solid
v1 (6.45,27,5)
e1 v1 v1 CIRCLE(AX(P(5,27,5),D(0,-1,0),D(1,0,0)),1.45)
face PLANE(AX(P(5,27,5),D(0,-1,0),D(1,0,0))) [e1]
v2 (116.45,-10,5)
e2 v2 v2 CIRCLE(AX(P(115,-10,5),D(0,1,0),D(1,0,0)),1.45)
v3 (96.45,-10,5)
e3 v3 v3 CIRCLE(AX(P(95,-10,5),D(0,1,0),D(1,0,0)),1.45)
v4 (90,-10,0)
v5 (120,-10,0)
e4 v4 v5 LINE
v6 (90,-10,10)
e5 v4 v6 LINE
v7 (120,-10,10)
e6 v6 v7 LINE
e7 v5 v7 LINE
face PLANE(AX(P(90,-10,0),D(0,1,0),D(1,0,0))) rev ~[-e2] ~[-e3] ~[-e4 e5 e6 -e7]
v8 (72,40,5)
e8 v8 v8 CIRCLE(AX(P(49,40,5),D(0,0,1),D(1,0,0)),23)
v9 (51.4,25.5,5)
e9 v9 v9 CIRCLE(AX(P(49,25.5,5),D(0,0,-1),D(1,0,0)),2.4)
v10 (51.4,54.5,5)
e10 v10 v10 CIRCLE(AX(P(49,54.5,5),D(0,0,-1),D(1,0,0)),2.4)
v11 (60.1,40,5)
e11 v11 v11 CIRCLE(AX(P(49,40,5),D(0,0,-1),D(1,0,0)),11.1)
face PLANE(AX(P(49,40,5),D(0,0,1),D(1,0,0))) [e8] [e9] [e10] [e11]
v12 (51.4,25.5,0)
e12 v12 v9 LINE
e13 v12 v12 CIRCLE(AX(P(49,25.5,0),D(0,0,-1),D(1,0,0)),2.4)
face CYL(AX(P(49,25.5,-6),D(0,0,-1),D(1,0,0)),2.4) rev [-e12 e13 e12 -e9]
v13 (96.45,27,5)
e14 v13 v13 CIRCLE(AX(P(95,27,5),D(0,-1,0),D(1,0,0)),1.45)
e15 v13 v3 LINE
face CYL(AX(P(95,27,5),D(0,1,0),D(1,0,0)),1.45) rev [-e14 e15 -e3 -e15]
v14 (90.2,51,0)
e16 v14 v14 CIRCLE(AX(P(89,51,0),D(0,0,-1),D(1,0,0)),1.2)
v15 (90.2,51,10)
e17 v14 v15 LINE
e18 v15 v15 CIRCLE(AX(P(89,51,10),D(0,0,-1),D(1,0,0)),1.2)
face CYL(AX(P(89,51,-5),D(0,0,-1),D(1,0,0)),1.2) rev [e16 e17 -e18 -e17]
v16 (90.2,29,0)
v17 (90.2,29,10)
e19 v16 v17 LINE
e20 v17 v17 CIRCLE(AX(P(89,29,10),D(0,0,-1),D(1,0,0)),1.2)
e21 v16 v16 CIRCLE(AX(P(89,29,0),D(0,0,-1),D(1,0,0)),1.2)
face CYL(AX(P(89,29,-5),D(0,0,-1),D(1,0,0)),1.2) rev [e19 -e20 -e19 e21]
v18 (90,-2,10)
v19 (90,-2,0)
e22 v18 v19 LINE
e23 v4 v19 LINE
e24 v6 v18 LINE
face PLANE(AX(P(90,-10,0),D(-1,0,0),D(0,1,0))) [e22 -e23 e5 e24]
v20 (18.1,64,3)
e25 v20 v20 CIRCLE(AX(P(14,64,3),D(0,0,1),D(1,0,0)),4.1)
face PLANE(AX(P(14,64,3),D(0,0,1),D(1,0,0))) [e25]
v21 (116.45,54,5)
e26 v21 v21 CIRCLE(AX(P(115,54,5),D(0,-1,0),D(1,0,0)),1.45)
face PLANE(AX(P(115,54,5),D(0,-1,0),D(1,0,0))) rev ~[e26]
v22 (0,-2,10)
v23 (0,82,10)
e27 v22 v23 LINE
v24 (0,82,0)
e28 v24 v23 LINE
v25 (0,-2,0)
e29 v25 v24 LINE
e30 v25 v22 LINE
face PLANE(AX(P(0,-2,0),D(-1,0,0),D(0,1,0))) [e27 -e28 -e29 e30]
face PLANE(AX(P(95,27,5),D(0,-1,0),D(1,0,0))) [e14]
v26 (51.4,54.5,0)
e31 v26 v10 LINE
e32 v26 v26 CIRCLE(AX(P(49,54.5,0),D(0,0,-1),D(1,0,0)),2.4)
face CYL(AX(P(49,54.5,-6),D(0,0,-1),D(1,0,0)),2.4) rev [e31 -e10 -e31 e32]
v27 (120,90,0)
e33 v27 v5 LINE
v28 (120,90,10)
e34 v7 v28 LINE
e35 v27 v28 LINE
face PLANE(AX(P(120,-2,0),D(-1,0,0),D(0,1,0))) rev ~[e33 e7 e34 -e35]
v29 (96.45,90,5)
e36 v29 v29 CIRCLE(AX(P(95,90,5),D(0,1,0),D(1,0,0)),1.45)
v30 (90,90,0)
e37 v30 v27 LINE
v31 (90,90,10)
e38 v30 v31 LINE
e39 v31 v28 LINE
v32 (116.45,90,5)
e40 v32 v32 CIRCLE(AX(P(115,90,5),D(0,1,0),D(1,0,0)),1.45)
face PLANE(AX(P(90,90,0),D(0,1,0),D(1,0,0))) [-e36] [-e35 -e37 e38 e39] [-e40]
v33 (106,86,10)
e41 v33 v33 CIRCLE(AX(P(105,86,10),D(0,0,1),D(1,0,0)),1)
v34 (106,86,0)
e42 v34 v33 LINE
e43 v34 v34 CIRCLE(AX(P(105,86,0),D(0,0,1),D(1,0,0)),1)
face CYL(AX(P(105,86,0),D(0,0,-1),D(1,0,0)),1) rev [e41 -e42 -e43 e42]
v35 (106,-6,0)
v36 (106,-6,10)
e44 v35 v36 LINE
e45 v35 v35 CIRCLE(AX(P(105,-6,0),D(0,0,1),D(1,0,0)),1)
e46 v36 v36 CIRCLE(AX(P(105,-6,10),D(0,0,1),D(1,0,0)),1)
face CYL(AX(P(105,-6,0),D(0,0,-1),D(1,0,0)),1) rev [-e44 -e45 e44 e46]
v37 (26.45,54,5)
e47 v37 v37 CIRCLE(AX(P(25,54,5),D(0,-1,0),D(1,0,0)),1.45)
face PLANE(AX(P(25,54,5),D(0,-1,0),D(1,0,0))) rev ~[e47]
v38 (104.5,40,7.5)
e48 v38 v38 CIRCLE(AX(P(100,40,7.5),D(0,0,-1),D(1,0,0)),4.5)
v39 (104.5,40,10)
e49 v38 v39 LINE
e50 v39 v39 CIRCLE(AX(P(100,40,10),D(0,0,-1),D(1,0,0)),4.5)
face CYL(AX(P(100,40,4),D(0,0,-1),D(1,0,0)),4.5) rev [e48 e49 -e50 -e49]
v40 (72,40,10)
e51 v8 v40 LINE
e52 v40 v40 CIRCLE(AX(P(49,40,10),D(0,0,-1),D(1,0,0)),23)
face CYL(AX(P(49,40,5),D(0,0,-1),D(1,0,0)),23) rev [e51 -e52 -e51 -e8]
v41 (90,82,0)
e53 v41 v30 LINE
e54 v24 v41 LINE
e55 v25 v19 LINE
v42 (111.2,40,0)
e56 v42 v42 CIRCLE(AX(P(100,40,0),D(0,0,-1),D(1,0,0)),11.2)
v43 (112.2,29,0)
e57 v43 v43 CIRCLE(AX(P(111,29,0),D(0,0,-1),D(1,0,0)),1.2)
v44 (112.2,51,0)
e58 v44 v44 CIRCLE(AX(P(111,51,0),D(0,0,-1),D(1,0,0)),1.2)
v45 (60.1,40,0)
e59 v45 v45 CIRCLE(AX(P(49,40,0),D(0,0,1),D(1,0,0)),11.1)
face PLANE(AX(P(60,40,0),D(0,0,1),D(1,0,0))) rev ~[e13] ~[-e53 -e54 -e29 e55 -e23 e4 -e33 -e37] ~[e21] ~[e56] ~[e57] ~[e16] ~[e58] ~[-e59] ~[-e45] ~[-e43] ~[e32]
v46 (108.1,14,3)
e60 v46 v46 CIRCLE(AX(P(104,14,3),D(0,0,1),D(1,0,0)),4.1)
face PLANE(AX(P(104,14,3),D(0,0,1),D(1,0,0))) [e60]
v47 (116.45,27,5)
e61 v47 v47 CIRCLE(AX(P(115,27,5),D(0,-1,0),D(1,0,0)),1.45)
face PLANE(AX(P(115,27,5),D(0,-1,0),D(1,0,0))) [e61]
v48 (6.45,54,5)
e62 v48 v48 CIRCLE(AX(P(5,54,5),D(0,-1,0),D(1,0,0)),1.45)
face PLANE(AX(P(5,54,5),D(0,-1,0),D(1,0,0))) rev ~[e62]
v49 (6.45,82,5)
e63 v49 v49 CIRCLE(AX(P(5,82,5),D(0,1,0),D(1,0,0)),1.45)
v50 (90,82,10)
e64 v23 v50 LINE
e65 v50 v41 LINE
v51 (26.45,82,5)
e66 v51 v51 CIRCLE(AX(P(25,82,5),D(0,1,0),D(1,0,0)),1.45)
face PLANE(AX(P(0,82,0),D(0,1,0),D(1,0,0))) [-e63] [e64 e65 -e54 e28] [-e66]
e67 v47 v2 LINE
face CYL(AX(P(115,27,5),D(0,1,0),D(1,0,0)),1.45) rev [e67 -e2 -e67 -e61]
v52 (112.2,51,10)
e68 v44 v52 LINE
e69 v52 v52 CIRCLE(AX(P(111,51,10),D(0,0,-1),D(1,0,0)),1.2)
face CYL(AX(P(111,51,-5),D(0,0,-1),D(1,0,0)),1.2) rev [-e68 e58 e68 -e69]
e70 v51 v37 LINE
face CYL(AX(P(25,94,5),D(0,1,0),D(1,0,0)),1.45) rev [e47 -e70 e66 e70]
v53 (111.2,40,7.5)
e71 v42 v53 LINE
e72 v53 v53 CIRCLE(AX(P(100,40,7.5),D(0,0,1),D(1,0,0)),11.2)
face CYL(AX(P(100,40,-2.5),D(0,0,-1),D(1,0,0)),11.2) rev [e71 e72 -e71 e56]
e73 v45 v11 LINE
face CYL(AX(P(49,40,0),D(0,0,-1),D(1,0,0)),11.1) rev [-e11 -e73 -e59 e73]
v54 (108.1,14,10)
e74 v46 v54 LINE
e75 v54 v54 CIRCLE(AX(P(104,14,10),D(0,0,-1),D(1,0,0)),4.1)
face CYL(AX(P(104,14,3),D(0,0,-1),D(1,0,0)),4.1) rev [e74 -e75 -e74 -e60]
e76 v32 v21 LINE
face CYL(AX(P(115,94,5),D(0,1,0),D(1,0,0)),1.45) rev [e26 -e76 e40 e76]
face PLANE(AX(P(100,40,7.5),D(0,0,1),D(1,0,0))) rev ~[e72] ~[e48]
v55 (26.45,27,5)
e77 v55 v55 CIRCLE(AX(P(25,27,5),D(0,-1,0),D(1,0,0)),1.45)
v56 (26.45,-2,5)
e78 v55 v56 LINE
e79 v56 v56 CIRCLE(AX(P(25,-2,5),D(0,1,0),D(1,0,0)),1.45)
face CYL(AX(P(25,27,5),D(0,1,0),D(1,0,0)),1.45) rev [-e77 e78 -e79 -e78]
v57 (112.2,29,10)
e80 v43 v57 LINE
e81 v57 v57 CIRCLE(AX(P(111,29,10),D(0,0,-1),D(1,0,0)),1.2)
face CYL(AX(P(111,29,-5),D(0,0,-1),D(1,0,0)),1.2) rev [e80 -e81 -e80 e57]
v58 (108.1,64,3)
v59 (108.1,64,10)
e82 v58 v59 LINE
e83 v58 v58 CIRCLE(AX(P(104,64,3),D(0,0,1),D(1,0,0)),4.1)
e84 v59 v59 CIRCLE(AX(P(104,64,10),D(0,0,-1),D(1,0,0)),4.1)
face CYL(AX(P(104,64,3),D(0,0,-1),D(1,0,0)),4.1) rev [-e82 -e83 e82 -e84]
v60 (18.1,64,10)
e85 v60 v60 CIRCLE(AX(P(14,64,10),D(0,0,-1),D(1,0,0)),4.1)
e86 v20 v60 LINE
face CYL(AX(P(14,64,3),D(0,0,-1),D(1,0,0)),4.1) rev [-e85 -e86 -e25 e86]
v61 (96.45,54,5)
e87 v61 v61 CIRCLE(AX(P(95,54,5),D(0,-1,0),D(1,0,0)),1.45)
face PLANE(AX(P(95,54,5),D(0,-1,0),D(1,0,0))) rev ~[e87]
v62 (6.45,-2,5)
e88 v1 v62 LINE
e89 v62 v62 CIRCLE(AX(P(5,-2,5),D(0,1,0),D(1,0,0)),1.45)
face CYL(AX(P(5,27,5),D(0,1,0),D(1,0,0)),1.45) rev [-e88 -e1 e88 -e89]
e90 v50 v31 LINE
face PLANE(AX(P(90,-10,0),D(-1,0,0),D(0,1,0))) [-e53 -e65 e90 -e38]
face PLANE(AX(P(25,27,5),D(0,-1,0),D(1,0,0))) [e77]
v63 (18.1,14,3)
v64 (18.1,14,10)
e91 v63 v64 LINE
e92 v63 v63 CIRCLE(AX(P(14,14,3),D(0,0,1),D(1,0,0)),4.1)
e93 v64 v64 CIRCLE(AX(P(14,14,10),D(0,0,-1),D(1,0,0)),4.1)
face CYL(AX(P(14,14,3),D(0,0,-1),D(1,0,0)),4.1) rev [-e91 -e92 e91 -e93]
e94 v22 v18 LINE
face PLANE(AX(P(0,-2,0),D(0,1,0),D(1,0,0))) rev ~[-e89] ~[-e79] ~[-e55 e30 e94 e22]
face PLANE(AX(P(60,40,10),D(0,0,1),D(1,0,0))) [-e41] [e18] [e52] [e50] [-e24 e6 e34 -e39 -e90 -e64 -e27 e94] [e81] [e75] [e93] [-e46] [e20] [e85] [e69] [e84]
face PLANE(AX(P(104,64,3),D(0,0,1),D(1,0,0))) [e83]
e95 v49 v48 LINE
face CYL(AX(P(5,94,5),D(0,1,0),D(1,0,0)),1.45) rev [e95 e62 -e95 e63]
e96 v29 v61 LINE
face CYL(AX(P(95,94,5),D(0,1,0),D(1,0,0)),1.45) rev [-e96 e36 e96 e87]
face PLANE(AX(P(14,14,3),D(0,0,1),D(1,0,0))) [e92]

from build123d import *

# Parameters (mm, degrees)
CYLINDER027_R       = 4.1
CYLINDER027_DEPTH   = 24
ARRAY001005_X_COUNT = 2
ARRAY001005_X_PITCH = 90
ARRAY001005_Y_COUNT = 2
ARRAY001005_Y_PITCH = 50
CYLINDER028_R       = 4.5
CYLINDER028_DEPTH   = 10
CYLINDER016_R       = 1.2
CYLINDER016_DEPTH   = 20
ARRAY001006_X_COUNT = 2
ARRAY001006_X_PITCH = 22
ARRAY001006_Y_COUNT = 2
ARRAY001006_Y_PITCH = 22
CYLINDER029_R       = 11.1
CYLINDER029_DEPTH   = 30
CYLINDER036_R       = 2.4
CYLINDER036_DEPTH   = 30
ARRAY001018_Y_COUNT = 2
ARRAY001018_Y_PITCH = 29
CYLINDER037_R       = 23
CYLINDER037_DEPTH   = 30
CYLINDER039_R       = 1.45
CYLINDER039_DEPTH   = 40
ARRAY001020_X_COUNT = 2
ARRAY001020_X_PITCH = 20
ARRAY001021_X_COUNT = 2
ARRAY001021_X_PITCH = 90
CYLINDER040_R       = 1
CYLINDER040_DEPTH   = 10
ARRAY001022_Y_COUNT = 2
ARRAY001022_Y_PITCH = 92
CYLINDER026_R       = 11.2
CYLINDER026_DEPTH   = 10
BOX004_W            = 120
BOX004_H            = 84
BOX004_DEPTH        = 10
BOX019_W            = 30
BOX019_H            = 100
BOX019_DEPTH        = 10


with BuildPart() as rod_hole_array001:
    # Cylinder027 → Cylinder027 (new body)
    with BuildSketch(Plane(origin=(14, 14, 3), x_dir=(1, 0, 0), z_dir=(0, 0, 1))):
        Circle(CYLINDER027_R)
    extrude(amount=CYLINDER027_DEPTH)

    # Array001005 X: rod hole array001 ×2


with BuildPart() as rod_hole_array001_1:
    add(rod_hole_array001.part)
    with Locations(*[(i * ARRAY001005_X_PITCH, 0, 0) for i in range(1, ARRAY001005_X_COUNT)]):
        add(rod_hole_array001.part)

    # Array001005 Y: rod hole array001 ×2


with BuildPart() as rod_hole_array001_2:
    add(rod_hole_array001_1.part)
    with Locations(*[(0, i * ARRAY001005_Y_PITCH, 0) for i in range(1, ARRAY001005_Y_COUNT)]):
        add(rod_hole_array001_1.part)


with BuildPart() as bottom_side_lead_hole:
    # Cylinder028 → Cylinder028 (new body)
    with BuildSketch(Plane(origin=(100, 40, 4), x_dir=(1, 0, 0), z_dir=(0, 0, 1))):
        Circle(CYLINDER028_R)
    extrude(amount=CYLINDER028_DEPTH)


with BuildPart() as lead_holder_hole_array:
    # Cylinder016 → Cylinder016 (new body)
    with BuildSketch(Plane(origin=(-11, -11, 0), x_dir=(1, 0, 0), z_dir=(0, 0, 1))):
        Circle(CYLINDER016_R)
    extrude(amount=CYLINDER016_DEPTH)

    # Array001006 X: lead holder hole array ×2


with BuildPart() as lead_holder_hole_array_1:
    add(lead_holder_hole_array.part)
    with Locations(*[(i * ARRAY001006_X_PITCH, 0, 0) for i in range(1, ARRAY001006_X_COUNT)]):
        add(lead_holder_hole_array.part)

    # Array001006 Y: lead holder hole array ×2


with BuildPart() as lead_holder_hole_array_2:
    add(lead_holder_hole_array_1.part)
    with Locations(*[(0, i * ARRAY001006_Y_PITCH, 0) for i in range(1, ARRAY001006_Y_COUNT)]):
        add(lead_holder_hole_array_1.part)


with BuildPart() as lead_holder_hole_array_3:
    # Array001006 placement: moved
    add(lead_holder_hole_array_2.part.moved(Location((100, 40, -5))))


with BuildPart() as motor_bearing_hole:
    # Cylinder029 → Cylinder029 (new body)
    with BuildSketch(Plane(origin=(49, 40, 0), x_dir=(1, 0, 0), z_dir=(0, 0, 1))):
        Circle(CYLINDER029_R)
    extrude(amount=CYLINDER029_DEPTH)


with BuildPart() as motor_bolt_hole_array:
    # Cylinder036 → Cylinder036 (new body)
    with BuildSketch(Plane.XY):
        Circle(CYLINDER036_R)
    extrude(amount=CYLINDER036_DEPTH)

    # Array001018 Y: motor bolt hole array ×2


with BuildPart() as motor_bolt_hole_array_1:
    add(motor_bolt_hole_array.part)
    with Locations(*[(0, i * ARRAY001018_Y_PITCH, 0) for i in range(1, ARRAY001018_Y_COUNT)]):
        add(motor_bolt_hole_array.part)


with BuildPart() as motor_bolt_hole_array_2:
    # Array001018 placement: moved
    add(motor_bolt_hole_array_1.part.moved(Location((49, 25.5, -6))))


with BuildPart() as motor_body_bottom_hole:
    # Cylinder037 → Cylinder037 (new body)
    with BuildSketch(Plane(origin=(49, 40, 5), x_dir=(1, 0, 0), z_dir=(0, 0, 1))):
        Circle(CYLINDER037_R)
    extrude(amount=CYLINDER037_DEPTH)


with BuildPart() as side_connector_narrow_hole_array_array:
    # Cylinder039 → Cylinder039 (new body)
    with BuildSketch(Plane.XZ):
        Circle(CYLINDER039_R)
    extrude(amount=CYLINDER039_DEPTH)

    # Array001020 X: side connector narrow hole array array ×2


with BuildPart() as side_connector_narrow_hole_array_array_1:
    add(side_connector_narrow_hole_array_array.part)
    with Locations(*[(i * ARRAY001020_X_PITCH, 0, 0) for i in range(1, ARRAY001020_X_COUNT)]):
        add(side_connector_narrow_hole_array_array.part)


with BuildPart() as side_connector_narrow_hole_array_array_2:
    # Array001020 placement: moved
    add(side_connector_narrow_hole_array_array_1.part.moved(Location((5, 0, 5))))

    # Array001021 X: side connector narrow hole array array ×2


with BuildPart() as side_connector_narrow_hole_array_array_3:
    add(side_connector_narrow_hole_array_array_2.part)
    with Locations(*[(i * ARRAY001021_X_PITCH, 0, 0) for i in range(1, ARRAY001021_X_COUNT)]):
        add(side_connector_narrow_hole_array_array_2.part)


with BuildPart() as side_connector_narrow_hole_array_array_4:
    # Array001021 placement: moved
    add(side_connector_narrow_hole_array_array_3.part.moved(Location((0, 27, 0))))


with BuildPart() as body007:
    # Body007 base: copy of side connector narrow hole array array
    add(side_connector_narrow_hole_array_array_4.part)


with BuildPart() as body008:
    # Body008 base: copy of side connector narrow hole array array
    add(side_connector_narrow_hole_array_array_4.part)


with BuildPart() as body008_1:
    # Body008 placement: moved
    add(body008.part.moved(Location((0, 67, 0))))


with BuildPart() as pusher_hole_array:
    # Cylinder040 → Cylinder040 (new body)
    with BuildSketch(Plane(origin=(105, 0, 0), x_dir=(1, 0, 0), z_dir=(0, 0, 1))):
        Circle(CYLINDER040_R)
    extrude(amount=CYLINDER040_DEPTH)

    # Array001022 Y: pusher hole array ×2


with BuildPart() as pusher_hole_array_1:
    add(pusher_hole_array.part)
    with Locations(*[(0, i * ARRAY001022_Y_PITCH, 0) for i in range(1, ARRAY001022_Y_COUNT)]):
        add(pusher_hole_array.part)


with BuildPart() as pusher_hole_array_2:
    # Array001022 placement: moved
    add(pusher_hole_array_1.part.moved(Location((0, -6, 0))))


with BuildPart() as bottom_hole_fusion:
    # Cylinder026 → Cylinder026 (new body)
    with BuildSketch(Plane(origin=(100, 40, -2.5), x_dir=(1, 0, 0), z_dir=(0, 0, 1))):
        Circle(CYLINDER026_R)
    extrude(amount=CYLINDER026_DEPTH)

    # Fusion012: union rod hole array001, bottom side lead hole, lead holder hole array, motor bearing hole, motor bolt hole array, motor body bottom hole, Body007, Body008, pusher hole array
    add(rod_hole_array001_2.part)
    add(bottom_side_lead_hole.part)
    add(lead_holder_hole_array_3.part)
    add(motor_bearing_hole.part)
    add(motor_bolt_hole_array_2.part)
    add(motor_body_bottom_hole.part)
    add(body007.part)
    add(body008_1.part)
    add(pusher_hole_array_2.part)


with BuildPart() as bottom_side_cube:
    # Box004 → Box004 (new body)
    with BuildSketch(Plane(origin=(0, -2, 0), x_dir=(1, 0, 0), z_dir=(0, 0, 1))):
        with Locations((60, 42)):
            Rectangle(BOX004_W, BOX004_H)
    extrude(amount=BOX004_DEPTH)


with BuildPart() as bottom_side_cut:
    # Box019 → Box019 (new body)
    with BuildSketch(Plane(origin=(90, -10, 0), x_dir=(1, 0, 0), z_dir=(0, 0, 1))):
        with Locations((15, 50)):
            Rectangle(BOX019_W, BOX019_H)
    extrude(amount=BOX019_DEPTH)

    # Fusion014: union bottom side cube
    add(bottom_side_cube.part)

    # Cut004: cut bottom hole fusion
    add(bottom_hole_fusion.part, mode=Mode.SUBTRACT)


solid = bottom_side_cut.part
